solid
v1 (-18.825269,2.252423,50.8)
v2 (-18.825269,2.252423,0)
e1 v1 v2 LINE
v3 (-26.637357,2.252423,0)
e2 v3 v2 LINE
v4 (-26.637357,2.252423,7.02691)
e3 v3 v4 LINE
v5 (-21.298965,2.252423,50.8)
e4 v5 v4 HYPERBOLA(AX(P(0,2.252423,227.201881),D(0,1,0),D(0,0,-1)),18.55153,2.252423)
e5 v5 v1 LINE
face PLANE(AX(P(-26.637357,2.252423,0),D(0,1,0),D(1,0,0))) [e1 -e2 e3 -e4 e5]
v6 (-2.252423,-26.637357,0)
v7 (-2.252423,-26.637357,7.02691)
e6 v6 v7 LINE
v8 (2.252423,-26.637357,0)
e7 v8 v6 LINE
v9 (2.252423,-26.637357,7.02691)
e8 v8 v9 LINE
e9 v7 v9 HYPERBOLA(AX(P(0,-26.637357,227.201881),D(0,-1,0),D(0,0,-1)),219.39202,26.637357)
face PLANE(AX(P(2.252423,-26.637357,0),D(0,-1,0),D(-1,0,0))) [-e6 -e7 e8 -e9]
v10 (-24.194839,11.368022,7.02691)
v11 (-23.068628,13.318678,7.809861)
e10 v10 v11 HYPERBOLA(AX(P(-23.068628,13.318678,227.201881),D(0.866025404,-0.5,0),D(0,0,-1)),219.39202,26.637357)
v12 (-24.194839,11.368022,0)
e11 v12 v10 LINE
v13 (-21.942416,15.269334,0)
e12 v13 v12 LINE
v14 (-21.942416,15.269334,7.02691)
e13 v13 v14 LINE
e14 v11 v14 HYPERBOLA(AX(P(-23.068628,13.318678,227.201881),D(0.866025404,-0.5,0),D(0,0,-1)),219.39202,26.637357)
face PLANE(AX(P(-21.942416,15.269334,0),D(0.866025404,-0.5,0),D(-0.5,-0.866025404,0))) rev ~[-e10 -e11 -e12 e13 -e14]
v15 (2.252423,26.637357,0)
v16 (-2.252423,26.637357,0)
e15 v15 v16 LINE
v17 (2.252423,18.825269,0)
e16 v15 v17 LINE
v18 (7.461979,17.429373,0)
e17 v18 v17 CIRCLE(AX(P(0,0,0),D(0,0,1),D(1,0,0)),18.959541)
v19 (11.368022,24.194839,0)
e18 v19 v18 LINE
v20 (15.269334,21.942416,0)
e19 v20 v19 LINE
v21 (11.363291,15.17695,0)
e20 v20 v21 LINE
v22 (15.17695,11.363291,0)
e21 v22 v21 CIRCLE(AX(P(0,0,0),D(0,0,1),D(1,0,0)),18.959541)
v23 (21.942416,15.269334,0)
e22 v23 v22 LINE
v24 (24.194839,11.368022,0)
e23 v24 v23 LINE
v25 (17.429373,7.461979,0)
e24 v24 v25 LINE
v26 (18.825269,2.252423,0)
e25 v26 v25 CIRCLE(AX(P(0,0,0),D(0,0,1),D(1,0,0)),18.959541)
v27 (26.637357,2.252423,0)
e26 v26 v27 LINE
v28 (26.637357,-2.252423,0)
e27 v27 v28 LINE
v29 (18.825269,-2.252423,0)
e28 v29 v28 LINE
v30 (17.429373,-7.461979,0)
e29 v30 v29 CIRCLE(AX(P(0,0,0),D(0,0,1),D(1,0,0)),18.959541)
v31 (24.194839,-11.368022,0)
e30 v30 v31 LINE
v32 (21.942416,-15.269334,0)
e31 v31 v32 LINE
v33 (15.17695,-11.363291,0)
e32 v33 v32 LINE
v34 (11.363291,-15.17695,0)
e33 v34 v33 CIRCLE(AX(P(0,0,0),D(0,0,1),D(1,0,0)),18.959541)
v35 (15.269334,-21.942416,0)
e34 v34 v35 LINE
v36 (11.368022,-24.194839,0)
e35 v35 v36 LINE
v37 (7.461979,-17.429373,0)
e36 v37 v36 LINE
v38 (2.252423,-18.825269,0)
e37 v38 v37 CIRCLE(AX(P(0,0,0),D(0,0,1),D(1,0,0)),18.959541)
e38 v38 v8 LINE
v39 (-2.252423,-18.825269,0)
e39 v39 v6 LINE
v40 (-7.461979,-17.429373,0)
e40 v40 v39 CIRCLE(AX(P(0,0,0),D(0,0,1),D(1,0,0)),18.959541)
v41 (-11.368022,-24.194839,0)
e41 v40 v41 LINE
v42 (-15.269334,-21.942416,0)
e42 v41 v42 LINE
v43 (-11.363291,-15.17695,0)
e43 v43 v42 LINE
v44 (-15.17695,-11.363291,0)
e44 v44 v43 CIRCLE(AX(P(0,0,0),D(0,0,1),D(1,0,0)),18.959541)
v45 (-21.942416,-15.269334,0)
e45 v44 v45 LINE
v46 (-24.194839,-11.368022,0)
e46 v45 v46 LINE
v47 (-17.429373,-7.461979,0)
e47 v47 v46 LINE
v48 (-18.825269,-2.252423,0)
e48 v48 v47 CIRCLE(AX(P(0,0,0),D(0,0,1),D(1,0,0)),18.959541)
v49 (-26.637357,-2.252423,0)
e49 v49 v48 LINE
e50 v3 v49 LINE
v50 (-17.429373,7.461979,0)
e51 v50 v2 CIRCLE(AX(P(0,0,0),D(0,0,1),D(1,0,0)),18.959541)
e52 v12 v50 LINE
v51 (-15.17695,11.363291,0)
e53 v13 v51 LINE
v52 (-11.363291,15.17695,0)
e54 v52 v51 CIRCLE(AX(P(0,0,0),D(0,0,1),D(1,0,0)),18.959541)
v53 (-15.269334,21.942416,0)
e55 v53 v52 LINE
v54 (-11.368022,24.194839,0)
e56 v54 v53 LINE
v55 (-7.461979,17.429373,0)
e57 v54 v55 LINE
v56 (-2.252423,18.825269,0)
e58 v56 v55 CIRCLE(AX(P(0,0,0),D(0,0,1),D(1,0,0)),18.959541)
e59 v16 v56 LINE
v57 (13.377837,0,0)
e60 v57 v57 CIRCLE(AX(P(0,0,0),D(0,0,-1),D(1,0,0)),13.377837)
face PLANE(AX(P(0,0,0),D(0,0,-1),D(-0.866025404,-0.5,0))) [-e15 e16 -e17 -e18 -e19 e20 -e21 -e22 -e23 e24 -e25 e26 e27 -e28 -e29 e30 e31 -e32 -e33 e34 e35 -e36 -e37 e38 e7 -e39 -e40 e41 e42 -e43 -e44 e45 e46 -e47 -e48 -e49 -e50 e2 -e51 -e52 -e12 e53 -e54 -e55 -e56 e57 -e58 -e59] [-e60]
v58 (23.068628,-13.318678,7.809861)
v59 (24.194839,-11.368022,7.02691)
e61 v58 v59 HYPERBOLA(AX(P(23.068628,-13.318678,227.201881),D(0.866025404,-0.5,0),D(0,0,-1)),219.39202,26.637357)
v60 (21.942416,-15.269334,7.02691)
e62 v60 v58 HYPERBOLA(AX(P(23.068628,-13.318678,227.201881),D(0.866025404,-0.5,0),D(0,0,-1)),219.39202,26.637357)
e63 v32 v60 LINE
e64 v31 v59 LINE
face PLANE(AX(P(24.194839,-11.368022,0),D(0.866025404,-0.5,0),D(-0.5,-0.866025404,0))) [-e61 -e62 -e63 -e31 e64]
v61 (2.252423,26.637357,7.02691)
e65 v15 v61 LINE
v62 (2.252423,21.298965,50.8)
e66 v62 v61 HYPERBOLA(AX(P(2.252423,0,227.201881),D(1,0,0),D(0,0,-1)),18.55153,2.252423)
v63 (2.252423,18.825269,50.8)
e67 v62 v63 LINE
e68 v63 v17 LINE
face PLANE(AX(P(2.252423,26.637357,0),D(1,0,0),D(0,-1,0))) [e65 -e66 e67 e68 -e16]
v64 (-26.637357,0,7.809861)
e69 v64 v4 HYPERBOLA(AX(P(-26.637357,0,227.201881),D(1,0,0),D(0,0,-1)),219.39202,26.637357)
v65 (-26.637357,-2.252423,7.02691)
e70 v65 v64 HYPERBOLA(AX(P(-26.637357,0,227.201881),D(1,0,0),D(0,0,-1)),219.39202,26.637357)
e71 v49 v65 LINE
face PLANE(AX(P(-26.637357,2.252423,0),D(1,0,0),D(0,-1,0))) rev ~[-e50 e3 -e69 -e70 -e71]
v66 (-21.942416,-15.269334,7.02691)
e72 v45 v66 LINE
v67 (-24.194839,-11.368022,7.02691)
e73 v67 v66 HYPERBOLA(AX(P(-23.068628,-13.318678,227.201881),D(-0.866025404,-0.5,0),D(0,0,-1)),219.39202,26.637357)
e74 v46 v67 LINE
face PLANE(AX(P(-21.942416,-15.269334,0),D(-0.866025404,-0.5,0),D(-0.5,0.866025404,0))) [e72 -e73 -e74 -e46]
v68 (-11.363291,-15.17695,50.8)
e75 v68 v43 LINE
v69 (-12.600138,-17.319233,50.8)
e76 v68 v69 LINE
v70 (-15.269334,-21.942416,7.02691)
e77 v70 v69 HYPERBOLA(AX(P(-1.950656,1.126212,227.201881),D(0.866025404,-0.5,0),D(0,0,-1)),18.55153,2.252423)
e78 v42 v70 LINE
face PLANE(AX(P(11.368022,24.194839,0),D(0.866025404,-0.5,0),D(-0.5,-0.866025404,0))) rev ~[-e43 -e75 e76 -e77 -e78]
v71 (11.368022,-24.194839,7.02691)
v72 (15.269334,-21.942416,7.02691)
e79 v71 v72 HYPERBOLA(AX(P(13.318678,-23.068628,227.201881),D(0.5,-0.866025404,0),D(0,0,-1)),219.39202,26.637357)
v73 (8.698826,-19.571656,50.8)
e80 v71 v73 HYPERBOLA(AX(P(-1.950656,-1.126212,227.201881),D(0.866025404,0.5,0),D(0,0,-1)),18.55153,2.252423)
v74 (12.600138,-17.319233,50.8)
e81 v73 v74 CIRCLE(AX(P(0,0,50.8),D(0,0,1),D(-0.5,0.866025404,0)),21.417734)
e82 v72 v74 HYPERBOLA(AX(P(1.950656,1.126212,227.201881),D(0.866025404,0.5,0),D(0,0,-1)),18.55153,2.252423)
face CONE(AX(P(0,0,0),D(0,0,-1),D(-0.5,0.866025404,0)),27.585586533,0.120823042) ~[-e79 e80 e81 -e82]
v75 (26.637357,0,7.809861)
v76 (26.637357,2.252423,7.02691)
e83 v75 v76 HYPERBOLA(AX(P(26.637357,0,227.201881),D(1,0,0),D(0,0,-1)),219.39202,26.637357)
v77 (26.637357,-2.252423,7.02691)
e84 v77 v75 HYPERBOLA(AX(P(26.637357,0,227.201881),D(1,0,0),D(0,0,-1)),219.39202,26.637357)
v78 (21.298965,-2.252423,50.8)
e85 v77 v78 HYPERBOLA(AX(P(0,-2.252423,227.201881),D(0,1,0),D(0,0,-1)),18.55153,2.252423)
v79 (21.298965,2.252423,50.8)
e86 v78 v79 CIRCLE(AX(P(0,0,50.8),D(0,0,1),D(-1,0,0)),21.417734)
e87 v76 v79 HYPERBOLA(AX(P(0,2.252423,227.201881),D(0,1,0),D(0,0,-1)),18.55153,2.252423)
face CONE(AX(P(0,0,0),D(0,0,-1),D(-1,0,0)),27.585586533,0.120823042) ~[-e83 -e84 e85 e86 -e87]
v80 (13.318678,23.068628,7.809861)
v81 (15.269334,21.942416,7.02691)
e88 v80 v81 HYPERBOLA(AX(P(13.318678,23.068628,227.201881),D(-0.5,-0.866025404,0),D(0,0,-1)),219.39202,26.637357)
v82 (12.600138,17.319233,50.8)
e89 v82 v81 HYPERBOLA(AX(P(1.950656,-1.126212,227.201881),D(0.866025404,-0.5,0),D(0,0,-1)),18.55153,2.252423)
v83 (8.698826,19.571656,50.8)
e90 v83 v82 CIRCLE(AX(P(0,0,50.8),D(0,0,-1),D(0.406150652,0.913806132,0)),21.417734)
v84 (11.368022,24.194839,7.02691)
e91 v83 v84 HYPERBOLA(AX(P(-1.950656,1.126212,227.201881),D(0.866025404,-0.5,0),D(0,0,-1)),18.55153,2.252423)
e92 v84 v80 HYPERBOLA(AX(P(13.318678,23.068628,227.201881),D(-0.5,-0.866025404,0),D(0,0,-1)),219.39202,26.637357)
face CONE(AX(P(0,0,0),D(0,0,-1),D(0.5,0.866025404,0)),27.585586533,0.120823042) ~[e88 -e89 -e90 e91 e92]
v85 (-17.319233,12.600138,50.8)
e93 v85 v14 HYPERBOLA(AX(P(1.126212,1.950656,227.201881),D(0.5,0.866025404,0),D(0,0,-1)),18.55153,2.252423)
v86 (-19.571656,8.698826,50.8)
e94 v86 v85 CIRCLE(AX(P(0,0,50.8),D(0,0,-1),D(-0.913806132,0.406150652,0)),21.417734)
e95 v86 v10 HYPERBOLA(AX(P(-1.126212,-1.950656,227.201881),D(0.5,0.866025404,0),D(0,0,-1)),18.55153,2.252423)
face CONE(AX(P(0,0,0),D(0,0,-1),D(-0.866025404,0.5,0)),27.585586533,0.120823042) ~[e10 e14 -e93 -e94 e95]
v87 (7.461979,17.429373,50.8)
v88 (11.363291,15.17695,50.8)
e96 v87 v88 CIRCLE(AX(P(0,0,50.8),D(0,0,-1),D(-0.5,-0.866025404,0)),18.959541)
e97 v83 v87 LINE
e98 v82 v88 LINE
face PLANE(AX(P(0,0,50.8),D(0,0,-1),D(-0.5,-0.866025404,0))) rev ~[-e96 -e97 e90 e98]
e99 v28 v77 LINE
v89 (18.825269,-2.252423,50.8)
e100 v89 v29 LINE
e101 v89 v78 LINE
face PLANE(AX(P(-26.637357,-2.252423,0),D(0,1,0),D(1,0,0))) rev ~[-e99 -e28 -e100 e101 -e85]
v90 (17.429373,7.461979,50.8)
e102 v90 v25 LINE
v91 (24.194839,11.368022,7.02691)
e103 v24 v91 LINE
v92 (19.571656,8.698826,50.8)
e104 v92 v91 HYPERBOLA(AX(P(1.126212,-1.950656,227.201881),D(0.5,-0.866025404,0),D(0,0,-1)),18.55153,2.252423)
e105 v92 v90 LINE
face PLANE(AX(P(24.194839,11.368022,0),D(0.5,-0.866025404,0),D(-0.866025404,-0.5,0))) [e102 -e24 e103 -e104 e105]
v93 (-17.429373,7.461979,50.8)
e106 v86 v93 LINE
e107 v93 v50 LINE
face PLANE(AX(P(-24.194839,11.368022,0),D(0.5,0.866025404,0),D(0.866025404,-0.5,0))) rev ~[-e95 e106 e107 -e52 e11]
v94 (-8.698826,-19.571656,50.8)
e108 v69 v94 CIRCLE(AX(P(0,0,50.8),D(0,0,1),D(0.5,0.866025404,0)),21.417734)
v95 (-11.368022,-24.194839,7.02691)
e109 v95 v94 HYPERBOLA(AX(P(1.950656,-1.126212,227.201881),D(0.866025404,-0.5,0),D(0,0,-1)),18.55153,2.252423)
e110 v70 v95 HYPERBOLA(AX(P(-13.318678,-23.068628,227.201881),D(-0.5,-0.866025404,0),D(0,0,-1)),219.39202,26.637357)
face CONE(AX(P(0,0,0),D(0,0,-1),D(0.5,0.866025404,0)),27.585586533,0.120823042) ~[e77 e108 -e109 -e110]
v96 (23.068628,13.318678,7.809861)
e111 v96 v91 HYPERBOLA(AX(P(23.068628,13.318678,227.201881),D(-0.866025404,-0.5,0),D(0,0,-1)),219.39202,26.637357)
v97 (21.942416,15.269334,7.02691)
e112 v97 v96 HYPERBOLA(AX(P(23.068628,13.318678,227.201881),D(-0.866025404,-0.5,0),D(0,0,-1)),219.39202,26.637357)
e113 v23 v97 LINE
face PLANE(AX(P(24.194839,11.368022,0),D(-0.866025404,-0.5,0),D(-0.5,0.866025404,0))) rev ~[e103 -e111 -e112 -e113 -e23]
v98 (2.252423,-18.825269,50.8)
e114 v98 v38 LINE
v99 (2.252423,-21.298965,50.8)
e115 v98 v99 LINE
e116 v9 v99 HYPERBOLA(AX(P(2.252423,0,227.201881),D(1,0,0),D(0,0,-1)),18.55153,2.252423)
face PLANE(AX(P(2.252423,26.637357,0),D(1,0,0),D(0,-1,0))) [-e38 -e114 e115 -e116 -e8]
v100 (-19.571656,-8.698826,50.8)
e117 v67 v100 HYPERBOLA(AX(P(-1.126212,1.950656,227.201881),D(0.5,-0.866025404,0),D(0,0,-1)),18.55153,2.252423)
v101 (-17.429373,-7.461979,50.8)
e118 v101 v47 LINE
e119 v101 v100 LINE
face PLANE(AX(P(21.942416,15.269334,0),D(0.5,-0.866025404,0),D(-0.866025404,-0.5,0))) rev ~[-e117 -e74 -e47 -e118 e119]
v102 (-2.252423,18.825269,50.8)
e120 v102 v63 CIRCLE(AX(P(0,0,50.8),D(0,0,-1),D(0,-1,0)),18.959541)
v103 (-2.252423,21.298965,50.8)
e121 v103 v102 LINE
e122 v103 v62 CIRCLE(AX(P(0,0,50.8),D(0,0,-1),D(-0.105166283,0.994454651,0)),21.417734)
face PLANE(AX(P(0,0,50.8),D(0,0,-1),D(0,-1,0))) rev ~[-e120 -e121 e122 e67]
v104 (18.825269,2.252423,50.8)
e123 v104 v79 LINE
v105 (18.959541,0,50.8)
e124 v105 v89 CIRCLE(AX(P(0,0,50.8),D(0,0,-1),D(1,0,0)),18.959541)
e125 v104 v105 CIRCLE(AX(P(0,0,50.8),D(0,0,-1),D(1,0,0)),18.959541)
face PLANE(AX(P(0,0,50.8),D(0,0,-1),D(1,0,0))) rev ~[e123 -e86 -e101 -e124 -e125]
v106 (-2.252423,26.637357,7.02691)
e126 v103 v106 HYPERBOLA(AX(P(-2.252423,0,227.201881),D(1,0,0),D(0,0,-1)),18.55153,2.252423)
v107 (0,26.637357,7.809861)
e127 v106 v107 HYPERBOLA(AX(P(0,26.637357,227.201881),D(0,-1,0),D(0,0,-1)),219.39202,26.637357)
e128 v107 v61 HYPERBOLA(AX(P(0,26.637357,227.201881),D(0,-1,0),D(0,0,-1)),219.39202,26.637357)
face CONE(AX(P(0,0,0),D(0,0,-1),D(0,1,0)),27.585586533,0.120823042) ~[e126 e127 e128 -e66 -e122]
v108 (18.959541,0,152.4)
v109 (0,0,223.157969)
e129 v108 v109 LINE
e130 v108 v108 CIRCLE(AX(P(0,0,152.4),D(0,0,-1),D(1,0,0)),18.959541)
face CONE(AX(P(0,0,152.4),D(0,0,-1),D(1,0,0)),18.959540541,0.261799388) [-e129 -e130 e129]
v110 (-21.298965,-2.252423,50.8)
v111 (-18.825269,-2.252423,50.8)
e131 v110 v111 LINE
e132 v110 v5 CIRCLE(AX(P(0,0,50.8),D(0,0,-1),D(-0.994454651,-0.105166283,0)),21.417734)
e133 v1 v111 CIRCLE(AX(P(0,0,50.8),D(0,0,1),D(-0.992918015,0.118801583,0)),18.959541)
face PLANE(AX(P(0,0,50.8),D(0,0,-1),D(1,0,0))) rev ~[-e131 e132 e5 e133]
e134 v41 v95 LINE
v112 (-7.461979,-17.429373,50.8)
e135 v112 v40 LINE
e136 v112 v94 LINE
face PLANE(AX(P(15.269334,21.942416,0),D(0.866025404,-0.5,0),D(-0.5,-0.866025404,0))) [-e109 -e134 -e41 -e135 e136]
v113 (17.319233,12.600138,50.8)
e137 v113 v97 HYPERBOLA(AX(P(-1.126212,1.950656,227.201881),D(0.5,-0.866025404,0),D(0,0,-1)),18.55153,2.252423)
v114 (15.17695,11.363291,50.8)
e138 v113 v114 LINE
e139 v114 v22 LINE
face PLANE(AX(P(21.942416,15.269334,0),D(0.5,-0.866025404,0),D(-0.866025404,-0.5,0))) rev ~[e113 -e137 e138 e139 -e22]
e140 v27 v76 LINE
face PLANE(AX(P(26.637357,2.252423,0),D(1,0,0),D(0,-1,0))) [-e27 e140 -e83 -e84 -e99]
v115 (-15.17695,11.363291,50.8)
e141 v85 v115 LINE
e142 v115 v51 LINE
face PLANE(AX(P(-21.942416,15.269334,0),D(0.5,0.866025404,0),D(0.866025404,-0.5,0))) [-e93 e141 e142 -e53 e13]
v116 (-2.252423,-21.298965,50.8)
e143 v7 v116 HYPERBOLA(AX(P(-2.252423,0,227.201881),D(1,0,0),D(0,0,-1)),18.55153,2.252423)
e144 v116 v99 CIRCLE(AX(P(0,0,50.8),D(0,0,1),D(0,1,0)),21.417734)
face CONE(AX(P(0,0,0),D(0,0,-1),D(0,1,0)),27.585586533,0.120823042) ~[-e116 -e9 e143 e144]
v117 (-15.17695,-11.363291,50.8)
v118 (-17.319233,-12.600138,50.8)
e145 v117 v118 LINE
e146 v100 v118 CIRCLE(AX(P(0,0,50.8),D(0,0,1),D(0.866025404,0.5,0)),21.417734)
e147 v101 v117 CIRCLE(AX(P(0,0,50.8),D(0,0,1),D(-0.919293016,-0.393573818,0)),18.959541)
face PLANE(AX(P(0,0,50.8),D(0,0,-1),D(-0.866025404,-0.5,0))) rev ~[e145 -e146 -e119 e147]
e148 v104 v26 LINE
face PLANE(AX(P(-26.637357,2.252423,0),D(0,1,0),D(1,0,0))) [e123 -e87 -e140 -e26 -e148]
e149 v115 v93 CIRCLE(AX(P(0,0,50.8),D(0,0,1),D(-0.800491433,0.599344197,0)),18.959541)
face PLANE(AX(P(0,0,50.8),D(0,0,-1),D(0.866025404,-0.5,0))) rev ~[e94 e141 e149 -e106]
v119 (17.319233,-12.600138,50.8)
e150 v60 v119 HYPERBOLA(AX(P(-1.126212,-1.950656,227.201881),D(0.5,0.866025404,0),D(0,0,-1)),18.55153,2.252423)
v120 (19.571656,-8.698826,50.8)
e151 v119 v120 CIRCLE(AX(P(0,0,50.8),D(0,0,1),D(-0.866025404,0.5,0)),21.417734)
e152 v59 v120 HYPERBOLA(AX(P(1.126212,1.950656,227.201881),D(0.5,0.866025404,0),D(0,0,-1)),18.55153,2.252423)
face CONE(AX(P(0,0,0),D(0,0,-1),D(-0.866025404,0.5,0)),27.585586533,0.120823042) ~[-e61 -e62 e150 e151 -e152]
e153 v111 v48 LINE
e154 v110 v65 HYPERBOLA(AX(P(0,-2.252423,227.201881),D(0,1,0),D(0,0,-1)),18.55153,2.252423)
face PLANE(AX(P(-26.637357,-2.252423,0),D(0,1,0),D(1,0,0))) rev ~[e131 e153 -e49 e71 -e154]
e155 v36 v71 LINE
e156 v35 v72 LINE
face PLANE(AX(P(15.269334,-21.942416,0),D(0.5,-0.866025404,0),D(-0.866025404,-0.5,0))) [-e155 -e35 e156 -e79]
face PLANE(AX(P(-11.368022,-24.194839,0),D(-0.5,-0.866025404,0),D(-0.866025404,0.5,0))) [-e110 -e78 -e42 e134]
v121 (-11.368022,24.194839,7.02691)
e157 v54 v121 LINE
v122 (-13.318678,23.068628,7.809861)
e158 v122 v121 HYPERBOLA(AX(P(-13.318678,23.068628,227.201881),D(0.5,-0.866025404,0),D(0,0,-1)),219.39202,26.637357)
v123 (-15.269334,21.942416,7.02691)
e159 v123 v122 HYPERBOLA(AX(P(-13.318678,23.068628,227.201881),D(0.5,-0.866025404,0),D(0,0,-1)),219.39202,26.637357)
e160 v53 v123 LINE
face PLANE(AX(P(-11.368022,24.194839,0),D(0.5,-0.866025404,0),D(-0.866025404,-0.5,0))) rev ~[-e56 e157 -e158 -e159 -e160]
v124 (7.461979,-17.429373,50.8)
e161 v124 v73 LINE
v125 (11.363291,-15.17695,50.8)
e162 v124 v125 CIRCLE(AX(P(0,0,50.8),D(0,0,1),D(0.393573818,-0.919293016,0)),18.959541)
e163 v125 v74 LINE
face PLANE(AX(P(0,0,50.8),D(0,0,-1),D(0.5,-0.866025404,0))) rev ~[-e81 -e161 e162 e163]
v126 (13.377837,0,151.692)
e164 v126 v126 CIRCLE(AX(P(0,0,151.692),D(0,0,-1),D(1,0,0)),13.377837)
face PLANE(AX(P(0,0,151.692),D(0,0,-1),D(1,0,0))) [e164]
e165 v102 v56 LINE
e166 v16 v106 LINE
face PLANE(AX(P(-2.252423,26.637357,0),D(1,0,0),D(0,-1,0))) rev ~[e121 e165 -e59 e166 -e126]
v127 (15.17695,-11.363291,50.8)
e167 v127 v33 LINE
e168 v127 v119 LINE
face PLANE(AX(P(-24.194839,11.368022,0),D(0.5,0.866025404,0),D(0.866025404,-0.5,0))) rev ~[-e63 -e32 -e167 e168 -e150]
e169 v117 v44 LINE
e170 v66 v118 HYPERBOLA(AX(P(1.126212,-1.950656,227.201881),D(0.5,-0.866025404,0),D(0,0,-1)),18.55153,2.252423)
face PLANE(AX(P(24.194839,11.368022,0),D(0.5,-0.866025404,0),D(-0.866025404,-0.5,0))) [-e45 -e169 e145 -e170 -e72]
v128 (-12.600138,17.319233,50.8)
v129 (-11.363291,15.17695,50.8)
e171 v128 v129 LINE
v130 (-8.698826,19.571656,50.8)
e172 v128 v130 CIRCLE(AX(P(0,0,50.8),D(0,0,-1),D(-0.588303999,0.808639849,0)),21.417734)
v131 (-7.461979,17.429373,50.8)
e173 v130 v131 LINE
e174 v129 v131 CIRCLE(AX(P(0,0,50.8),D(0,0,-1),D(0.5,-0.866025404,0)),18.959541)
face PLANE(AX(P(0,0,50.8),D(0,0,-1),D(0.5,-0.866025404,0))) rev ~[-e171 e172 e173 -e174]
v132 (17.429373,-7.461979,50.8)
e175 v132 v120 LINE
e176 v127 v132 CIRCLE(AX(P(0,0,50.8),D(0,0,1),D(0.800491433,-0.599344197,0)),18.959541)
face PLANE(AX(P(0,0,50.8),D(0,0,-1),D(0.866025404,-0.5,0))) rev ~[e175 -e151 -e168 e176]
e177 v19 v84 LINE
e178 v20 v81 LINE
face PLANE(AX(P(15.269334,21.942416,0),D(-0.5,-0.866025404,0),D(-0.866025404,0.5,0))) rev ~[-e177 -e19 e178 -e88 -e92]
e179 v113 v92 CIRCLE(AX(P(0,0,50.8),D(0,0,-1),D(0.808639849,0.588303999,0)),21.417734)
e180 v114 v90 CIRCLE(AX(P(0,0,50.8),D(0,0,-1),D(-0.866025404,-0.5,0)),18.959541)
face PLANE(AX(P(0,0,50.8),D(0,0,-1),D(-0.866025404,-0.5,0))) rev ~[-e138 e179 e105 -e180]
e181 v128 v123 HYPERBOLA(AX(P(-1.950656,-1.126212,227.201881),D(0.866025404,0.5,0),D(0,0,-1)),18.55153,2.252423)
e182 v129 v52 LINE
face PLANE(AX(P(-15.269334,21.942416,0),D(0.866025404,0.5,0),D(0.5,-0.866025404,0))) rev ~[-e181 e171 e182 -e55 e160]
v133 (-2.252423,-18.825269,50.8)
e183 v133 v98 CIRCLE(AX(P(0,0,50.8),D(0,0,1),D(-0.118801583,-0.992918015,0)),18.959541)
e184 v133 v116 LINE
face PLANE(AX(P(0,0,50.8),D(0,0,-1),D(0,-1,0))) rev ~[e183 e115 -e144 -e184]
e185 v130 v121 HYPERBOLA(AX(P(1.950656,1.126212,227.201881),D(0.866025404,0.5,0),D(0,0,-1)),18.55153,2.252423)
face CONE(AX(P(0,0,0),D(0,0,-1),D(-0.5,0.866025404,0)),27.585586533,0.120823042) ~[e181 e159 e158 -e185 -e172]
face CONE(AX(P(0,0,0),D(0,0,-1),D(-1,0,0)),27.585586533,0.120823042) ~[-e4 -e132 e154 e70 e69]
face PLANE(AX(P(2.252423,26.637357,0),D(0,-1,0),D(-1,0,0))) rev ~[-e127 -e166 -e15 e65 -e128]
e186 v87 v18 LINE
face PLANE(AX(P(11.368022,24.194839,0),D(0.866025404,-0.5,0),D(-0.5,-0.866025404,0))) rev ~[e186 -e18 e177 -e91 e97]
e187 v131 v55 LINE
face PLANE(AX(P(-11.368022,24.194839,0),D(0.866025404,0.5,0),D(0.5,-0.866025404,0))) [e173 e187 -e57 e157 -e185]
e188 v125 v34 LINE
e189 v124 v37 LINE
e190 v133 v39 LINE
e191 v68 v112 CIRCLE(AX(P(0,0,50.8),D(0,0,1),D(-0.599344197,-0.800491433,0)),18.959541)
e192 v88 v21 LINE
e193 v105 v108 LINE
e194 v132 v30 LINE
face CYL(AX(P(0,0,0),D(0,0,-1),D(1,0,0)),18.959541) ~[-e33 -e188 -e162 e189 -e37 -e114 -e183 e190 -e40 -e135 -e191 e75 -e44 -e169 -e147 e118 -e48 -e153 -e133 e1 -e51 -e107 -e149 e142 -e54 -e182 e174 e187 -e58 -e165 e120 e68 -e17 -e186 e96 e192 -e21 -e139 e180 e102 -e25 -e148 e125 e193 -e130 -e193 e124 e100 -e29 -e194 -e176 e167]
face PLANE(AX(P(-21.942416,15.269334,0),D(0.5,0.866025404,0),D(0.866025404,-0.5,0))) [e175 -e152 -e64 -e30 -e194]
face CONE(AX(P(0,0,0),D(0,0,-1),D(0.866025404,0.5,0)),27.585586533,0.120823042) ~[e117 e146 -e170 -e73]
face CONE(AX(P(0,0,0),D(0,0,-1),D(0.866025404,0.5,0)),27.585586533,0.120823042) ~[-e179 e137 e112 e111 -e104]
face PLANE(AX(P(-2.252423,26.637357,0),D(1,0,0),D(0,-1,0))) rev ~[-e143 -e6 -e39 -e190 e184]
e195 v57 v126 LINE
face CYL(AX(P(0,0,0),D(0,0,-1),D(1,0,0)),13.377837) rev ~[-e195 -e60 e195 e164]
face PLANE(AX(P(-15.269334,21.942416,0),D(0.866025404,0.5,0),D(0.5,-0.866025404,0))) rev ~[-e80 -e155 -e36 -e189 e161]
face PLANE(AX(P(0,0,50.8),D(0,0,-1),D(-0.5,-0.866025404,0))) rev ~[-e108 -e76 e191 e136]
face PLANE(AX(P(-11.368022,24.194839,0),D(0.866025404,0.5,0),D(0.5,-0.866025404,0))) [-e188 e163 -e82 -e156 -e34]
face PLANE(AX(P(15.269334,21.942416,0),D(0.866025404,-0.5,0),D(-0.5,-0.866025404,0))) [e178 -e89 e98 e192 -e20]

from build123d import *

# Parameters (mm, degrees)
F0_R      = 18.9595405406
F1_DEPTH  = 152.4
F2_R      = 18.9595405406
F3_DEPTH  = 76.2
F3_TAPER  = 15
F4_W      = 53.2747134566
F4_H      = 4.5048468746
F5_DEPTH  = 50.8
F9_COUNT  = 8
F9_ANGLE  = 210
F10_R     = 13.3778367219
F11_DEPTH = 151.692


with BuildPart() as f1:
    # F0 (on Top) → F1 (new body)
    with BuildSketch(Plane.XY):
        Circle(F0_R)
    extrude(amount=F1_DEPTH)

    # F2 (on face) → F3 (join)
    with BuildSketch(Plane.XY.offset(152.4)):
        Circle(F2_R)
    extrude(amount=F3_DEPTH, taper=F3_TAPER)

    # F4 (on face) → F5 (join)
    with BuildSketch(Plane(origin=(0, 0, 0), x_dir=(1, 0, 0), z_dir=(0, 0, -1))):
        Rectangle(F4_W, F4_H)
    extrude(amount=-F5_DEPTH)

    # F6 (on Front) → F7 (revolve, cut)
    with BuildSketch(Plane.XZ):
        Polygon((-27.585586533, 0), (-21.0148207843, 54.1184917092), (-34.3035459518, 55.4788671434), align=None)
    revolve(axis=Axis((0, 0, -8.6749633774), (0, 0, -1)), mode=Mode.SUBTRACT)

    # F9: F1 ×8 about axis
    f9_axis = Axis((0, 0, -6.7568952218), (0, 0, -1))


with BuildPart() as f1_1:
    add(f1.part)
    for i in range(1, F9_COUNT):
        add(f1.part.rotate(f9_axis, i * F9_ANGLE / (F9_COUNT - 1)))

    # F10 (on face) → F11 (cut)
    with BuildSketch(Plane(origin=(0, 0, 0), x_dir=(1, 0, 0), z_dir=(0, 0, -1))):
        Circle(F10_R)
    extrude(amount=-F11_DEPTH, mode=Mode.SUBTRACT)


solid = f1_1.part
